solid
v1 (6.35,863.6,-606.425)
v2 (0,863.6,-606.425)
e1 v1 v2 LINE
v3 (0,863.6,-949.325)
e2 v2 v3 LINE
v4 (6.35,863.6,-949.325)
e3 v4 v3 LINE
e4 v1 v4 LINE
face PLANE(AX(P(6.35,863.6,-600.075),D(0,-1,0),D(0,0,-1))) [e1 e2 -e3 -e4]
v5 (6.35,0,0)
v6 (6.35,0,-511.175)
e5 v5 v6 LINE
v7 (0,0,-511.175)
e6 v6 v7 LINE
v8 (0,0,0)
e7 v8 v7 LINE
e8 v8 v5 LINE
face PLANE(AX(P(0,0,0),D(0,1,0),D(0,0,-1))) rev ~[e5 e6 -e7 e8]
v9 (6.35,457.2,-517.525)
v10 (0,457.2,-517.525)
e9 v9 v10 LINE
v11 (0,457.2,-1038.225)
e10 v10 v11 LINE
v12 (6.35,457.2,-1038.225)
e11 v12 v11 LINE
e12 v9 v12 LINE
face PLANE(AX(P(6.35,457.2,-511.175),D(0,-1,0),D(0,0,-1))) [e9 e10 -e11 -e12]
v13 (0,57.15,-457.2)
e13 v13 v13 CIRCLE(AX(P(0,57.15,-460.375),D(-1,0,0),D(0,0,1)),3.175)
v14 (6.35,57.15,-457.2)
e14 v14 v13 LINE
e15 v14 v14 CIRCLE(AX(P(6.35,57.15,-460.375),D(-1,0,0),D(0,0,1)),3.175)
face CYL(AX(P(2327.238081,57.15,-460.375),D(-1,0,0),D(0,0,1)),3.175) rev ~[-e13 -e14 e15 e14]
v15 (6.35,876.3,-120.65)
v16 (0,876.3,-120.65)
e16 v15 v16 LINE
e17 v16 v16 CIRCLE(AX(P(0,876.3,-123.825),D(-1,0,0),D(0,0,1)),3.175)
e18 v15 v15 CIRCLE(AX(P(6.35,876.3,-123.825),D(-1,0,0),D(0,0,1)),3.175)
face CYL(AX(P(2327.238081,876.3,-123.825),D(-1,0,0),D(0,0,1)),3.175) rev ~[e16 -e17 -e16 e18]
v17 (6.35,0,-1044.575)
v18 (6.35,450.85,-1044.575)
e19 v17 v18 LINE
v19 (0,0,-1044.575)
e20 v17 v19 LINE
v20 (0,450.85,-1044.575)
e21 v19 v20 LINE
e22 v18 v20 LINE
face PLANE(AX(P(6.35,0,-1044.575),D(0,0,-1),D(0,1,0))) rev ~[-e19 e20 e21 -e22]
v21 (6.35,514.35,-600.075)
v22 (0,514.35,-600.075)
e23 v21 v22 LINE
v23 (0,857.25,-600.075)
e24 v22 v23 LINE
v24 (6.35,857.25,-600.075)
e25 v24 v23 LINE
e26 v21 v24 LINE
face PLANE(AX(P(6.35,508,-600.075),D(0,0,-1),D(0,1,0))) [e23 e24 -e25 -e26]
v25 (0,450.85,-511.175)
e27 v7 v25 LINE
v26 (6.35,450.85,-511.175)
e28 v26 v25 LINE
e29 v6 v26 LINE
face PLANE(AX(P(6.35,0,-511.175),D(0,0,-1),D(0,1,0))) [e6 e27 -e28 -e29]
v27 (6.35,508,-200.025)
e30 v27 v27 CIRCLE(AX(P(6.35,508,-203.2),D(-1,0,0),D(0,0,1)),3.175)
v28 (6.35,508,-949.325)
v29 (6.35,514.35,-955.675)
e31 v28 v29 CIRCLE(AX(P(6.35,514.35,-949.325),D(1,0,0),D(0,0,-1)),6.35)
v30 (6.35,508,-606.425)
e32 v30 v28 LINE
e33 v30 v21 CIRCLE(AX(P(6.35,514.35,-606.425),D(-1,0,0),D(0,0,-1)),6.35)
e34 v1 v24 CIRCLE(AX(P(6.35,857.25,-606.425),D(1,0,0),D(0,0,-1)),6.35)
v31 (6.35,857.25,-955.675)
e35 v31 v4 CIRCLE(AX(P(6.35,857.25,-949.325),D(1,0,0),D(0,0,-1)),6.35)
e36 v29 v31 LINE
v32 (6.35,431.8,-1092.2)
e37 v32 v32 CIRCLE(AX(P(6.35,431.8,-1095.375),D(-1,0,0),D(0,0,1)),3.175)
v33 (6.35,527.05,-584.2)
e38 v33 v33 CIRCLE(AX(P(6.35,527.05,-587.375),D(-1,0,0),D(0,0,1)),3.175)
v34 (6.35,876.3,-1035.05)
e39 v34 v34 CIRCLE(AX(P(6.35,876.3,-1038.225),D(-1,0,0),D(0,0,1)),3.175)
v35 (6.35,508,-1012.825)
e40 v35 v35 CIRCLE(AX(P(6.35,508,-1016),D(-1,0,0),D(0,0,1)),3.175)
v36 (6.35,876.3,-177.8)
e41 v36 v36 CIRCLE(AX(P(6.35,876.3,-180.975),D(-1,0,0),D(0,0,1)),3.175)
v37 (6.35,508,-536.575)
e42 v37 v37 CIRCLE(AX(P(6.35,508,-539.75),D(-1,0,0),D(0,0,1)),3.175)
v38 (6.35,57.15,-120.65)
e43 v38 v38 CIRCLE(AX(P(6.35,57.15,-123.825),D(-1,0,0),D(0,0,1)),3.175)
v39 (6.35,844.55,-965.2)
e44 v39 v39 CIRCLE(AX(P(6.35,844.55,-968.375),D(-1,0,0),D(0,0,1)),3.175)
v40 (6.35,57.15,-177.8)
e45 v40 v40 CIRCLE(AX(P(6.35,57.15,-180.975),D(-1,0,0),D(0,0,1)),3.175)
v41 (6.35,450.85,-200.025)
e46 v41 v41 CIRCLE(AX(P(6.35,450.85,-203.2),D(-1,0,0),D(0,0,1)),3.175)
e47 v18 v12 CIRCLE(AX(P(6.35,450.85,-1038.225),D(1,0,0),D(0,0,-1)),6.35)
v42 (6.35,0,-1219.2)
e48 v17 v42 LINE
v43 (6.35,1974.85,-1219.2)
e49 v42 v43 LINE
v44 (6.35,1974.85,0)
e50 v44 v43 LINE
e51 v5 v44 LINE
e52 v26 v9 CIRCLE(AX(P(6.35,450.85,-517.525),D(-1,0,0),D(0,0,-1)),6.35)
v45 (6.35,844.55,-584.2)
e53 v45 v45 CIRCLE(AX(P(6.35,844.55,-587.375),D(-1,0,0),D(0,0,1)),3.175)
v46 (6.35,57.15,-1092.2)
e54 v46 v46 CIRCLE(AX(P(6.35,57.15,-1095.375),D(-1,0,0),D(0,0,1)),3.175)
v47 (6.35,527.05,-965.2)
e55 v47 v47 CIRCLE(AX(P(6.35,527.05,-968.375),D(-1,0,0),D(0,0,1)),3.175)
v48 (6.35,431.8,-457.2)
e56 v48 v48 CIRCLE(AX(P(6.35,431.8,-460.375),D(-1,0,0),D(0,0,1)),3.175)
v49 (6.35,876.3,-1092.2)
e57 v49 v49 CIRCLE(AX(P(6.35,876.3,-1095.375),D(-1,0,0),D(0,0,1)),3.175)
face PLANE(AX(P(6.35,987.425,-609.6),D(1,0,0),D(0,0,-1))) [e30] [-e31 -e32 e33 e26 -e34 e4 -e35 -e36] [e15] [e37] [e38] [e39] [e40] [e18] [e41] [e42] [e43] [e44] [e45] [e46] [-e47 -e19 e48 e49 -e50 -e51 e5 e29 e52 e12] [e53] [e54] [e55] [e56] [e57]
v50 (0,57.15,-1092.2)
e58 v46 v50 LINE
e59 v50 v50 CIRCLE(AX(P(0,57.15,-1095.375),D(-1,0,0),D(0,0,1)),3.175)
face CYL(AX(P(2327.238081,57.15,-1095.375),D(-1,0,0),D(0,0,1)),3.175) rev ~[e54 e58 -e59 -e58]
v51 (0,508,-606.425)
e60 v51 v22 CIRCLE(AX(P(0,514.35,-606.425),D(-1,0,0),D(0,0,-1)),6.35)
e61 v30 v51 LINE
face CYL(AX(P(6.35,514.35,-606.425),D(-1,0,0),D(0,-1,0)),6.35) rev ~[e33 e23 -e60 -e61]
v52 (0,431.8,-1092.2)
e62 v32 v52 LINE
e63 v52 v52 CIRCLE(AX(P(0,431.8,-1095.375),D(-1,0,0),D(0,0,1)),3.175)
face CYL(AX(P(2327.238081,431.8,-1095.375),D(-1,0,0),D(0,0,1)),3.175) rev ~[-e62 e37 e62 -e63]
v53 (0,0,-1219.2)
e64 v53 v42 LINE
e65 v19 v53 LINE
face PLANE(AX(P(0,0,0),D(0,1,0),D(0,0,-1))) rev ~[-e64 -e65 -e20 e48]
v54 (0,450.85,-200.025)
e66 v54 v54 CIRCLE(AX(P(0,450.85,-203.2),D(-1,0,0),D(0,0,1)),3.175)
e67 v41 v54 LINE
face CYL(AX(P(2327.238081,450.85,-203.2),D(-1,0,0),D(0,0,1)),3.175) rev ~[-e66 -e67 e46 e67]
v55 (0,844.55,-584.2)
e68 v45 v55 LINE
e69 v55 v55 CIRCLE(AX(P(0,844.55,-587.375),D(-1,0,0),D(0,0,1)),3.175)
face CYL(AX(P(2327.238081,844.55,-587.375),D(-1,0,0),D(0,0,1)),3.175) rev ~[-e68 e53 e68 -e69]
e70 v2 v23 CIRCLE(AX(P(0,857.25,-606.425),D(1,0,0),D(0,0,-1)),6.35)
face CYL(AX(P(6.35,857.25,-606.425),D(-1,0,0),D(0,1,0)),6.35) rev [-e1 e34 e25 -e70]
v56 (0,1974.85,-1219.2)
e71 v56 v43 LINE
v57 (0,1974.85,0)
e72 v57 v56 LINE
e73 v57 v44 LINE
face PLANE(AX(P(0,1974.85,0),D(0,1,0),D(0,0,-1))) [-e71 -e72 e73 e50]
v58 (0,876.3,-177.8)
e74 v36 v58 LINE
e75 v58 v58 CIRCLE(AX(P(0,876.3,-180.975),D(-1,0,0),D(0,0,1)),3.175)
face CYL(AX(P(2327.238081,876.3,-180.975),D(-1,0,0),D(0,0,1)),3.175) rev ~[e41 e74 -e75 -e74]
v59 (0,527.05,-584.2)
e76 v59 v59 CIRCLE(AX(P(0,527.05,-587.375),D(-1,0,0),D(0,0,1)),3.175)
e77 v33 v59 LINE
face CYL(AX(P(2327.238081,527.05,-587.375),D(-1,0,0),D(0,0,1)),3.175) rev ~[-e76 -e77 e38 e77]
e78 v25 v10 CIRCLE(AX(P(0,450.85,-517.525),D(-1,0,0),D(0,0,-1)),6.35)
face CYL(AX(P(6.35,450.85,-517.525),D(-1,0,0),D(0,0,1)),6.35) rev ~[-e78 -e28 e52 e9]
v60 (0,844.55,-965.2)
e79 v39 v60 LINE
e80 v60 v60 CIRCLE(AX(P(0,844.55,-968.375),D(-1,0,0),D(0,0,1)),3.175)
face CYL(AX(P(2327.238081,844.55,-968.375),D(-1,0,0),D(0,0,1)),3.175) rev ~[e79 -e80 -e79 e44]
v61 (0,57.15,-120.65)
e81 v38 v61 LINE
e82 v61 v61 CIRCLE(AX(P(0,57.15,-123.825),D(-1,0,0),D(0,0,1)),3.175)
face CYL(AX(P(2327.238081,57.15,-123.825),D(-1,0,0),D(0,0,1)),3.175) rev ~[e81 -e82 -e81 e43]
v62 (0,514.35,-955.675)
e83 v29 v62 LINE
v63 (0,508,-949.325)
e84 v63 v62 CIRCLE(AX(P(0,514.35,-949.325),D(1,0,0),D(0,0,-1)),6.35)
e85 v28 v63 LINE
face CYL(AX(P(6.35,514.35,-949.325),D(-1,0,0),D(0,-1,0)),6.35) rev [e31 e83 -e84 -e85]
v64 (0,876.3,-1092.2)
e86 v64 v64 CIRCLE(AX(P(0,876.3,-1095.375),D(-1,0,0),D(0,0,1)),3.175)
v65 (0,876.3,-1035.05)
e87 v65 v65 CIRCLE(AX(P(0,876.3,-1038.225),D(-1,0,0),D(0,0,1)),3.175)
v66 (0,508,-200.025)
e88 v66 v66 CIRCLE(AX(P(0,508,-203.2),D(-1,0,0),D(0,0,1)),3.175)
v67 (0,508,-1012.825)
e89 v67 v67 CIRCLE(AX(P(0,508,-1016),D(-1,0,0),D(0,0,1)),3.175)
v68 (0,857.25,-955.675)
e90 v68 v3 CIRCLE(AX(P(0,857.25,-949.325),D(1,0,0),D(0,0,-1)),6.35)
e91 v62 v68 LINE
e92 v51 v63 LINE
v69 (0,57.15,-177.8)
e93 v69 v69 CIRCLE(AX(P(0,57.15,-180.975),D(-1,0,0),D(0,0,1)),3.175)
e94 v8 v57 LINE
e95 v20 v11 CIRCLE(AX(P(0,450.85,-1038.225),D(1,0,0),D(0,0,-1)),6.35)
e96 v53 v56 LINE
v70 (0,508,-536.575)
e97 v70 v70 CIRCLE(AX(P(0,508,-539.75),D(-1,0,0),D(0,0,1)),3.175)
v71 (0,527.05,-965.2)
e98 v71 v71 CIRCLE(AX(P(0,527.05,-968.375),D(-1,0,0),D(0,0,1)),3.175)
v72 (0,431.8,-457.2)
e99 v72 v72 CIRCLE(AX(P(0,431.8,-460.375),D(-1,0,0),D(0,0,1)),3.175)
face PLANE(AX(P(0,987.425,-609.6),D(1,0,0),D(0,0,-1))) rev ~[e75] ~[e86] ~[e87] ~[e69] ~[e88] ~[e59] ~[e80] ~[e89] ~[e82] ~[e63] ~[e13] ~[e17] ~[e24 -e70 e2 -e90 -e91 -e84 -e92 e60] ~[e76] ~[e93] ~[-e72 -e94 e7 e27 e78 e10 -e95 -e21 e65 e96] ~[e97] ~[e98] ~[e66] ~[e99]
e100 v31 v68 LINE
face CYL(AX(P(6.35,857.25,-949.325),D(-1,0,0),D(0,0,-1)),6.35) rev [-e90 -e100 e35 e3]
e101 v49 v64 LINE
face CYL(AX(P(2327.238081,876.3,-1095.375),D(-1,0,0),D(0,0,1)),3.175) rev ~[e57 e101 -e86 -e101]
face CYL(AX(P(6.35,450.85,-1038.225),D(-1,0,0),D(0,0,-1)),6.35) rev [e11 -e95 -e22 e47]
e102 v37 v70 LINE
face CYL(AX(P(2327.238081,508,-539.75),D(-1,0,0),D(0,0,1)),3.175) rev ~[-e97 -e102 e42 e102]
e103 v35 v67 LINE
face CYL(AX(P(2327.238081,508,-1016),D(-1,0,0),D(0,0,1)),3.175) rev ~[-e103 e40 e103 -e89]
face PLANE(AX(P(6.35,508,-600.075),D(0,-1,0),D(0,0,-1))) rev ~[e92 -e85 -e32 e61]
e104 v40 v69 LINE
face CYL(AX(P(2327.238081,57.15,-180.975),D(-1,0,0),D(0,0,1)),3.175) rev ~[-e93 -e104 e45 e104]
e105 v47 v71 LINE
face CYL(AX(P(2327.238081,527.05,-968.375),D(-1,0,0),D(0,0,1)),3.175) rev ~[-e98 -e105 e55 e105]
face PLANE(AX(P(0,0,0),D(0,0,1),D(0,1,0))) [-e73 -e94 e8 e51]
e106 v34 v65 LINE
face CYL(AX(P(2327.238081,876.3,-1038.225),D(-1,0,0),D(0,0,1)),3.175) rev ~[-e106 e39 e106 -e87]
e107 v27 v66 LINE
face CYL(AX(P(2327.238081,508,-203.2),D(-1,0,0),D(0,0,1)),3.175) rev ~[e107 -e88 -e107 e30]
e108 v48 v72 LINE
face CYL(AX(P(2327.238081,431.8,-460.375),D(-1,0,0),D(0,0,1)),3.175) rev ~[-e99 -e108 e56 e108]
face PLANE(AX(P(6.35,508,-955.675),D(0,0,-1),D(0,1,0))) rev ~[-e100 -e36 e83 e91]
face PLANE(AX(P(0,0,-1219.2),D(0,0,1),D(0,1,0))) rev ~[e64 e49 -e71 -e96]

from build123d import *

# Parameters (mm, degrees)
SKETCH1_W                   = 1219.2
SKETCH1_H                   = 1974.85
BOSS_EXTRUDE1_DEPTH         = 6.35
SKETCH2_W                   = 533.4
SKETCH2_H                   = 457.2
SKETCH2_W_2                 = 355.6
SKETCH2_H_2                 = 355.6
CUT_EXTRUDE1_DEPTH          = 7.35
FILLET1_R                   = 6.35
F_1_4_0_25_DIAMETER_HOLE1_D = 6.35


with BuildPart() as part:
    # Sketch1 → Boss-Extrude1 (new body)
    with BuildSketch(Plane(origin=(0, 0, 0), x_dir=(0, 0, -1), z_dir=(1, 0, 0))):
        with Locations((609.6, 987.425)):
            Rectangle(SKETCH1_W, SKETCH1_H)
    extrude(amount=BOSS_EXTRUDE1_DEPTH)

    # Sketch2 → Cut-Extrude1 (cut, through all)
    with BuildSketch(Plane(origin=(6.35, 0, 0), x_dir=(0, 0, -1), z_dir=(1, 0, 0))):
        with Locations((777.875, 228.6)):
            Rectangle(SKETCH2_W, SKETCH2_H)
        with Locations((777.875, 685.8)):
            Rectangle(SKETCH2_W_2, SKETCH2_H_2)
    extrude(amount=-CUT_EXTRUDE1_DEPTH, mode=Mode.SUBTRACT)

    # Fillet1
    fillet1_edges = [part.edges().sort_by_distance(p)[0] for p in [
        (3.175, 457.2, -1044.575),
        (3.175, 457.2, -511.175),
        (3.175, 863.6, -955.675),
        (3.175, 508, -955.675),
        (3.175, 508, -600.075),
        (3.175, 863.6, -600.075),
    ]]
    fillet(fillet1_edges, radius=FILLET1_R)

    # 1/4 (0.25) Diameter Hole1 (through all)
    with Locations(Plane(origin=(6.35, 0, 0), x_dir=(0, 0, -1), z_dir=(1, 0, 0))):
        with Locations((1095.375, 57.15), (1095.375, 431.8), (1095.375, 876.3), (968.375, 844.55), (587.375, 844.55), (587.375, 527.05), (968.375, 527.05), (1016, 508), (1038.225, 876.3), (539.75, 508), (460.375, 431.8), (460.375, 57.15), (180.975, 876.3), (203.2, 508), (203.2, 450.85), (123.825, 876.3), (180.975, 57.15), (123.825, 57.15)):
            Hole(F_1_4_0_25_DIAMETER_HOLE1_D / 2)


solid = part.part
